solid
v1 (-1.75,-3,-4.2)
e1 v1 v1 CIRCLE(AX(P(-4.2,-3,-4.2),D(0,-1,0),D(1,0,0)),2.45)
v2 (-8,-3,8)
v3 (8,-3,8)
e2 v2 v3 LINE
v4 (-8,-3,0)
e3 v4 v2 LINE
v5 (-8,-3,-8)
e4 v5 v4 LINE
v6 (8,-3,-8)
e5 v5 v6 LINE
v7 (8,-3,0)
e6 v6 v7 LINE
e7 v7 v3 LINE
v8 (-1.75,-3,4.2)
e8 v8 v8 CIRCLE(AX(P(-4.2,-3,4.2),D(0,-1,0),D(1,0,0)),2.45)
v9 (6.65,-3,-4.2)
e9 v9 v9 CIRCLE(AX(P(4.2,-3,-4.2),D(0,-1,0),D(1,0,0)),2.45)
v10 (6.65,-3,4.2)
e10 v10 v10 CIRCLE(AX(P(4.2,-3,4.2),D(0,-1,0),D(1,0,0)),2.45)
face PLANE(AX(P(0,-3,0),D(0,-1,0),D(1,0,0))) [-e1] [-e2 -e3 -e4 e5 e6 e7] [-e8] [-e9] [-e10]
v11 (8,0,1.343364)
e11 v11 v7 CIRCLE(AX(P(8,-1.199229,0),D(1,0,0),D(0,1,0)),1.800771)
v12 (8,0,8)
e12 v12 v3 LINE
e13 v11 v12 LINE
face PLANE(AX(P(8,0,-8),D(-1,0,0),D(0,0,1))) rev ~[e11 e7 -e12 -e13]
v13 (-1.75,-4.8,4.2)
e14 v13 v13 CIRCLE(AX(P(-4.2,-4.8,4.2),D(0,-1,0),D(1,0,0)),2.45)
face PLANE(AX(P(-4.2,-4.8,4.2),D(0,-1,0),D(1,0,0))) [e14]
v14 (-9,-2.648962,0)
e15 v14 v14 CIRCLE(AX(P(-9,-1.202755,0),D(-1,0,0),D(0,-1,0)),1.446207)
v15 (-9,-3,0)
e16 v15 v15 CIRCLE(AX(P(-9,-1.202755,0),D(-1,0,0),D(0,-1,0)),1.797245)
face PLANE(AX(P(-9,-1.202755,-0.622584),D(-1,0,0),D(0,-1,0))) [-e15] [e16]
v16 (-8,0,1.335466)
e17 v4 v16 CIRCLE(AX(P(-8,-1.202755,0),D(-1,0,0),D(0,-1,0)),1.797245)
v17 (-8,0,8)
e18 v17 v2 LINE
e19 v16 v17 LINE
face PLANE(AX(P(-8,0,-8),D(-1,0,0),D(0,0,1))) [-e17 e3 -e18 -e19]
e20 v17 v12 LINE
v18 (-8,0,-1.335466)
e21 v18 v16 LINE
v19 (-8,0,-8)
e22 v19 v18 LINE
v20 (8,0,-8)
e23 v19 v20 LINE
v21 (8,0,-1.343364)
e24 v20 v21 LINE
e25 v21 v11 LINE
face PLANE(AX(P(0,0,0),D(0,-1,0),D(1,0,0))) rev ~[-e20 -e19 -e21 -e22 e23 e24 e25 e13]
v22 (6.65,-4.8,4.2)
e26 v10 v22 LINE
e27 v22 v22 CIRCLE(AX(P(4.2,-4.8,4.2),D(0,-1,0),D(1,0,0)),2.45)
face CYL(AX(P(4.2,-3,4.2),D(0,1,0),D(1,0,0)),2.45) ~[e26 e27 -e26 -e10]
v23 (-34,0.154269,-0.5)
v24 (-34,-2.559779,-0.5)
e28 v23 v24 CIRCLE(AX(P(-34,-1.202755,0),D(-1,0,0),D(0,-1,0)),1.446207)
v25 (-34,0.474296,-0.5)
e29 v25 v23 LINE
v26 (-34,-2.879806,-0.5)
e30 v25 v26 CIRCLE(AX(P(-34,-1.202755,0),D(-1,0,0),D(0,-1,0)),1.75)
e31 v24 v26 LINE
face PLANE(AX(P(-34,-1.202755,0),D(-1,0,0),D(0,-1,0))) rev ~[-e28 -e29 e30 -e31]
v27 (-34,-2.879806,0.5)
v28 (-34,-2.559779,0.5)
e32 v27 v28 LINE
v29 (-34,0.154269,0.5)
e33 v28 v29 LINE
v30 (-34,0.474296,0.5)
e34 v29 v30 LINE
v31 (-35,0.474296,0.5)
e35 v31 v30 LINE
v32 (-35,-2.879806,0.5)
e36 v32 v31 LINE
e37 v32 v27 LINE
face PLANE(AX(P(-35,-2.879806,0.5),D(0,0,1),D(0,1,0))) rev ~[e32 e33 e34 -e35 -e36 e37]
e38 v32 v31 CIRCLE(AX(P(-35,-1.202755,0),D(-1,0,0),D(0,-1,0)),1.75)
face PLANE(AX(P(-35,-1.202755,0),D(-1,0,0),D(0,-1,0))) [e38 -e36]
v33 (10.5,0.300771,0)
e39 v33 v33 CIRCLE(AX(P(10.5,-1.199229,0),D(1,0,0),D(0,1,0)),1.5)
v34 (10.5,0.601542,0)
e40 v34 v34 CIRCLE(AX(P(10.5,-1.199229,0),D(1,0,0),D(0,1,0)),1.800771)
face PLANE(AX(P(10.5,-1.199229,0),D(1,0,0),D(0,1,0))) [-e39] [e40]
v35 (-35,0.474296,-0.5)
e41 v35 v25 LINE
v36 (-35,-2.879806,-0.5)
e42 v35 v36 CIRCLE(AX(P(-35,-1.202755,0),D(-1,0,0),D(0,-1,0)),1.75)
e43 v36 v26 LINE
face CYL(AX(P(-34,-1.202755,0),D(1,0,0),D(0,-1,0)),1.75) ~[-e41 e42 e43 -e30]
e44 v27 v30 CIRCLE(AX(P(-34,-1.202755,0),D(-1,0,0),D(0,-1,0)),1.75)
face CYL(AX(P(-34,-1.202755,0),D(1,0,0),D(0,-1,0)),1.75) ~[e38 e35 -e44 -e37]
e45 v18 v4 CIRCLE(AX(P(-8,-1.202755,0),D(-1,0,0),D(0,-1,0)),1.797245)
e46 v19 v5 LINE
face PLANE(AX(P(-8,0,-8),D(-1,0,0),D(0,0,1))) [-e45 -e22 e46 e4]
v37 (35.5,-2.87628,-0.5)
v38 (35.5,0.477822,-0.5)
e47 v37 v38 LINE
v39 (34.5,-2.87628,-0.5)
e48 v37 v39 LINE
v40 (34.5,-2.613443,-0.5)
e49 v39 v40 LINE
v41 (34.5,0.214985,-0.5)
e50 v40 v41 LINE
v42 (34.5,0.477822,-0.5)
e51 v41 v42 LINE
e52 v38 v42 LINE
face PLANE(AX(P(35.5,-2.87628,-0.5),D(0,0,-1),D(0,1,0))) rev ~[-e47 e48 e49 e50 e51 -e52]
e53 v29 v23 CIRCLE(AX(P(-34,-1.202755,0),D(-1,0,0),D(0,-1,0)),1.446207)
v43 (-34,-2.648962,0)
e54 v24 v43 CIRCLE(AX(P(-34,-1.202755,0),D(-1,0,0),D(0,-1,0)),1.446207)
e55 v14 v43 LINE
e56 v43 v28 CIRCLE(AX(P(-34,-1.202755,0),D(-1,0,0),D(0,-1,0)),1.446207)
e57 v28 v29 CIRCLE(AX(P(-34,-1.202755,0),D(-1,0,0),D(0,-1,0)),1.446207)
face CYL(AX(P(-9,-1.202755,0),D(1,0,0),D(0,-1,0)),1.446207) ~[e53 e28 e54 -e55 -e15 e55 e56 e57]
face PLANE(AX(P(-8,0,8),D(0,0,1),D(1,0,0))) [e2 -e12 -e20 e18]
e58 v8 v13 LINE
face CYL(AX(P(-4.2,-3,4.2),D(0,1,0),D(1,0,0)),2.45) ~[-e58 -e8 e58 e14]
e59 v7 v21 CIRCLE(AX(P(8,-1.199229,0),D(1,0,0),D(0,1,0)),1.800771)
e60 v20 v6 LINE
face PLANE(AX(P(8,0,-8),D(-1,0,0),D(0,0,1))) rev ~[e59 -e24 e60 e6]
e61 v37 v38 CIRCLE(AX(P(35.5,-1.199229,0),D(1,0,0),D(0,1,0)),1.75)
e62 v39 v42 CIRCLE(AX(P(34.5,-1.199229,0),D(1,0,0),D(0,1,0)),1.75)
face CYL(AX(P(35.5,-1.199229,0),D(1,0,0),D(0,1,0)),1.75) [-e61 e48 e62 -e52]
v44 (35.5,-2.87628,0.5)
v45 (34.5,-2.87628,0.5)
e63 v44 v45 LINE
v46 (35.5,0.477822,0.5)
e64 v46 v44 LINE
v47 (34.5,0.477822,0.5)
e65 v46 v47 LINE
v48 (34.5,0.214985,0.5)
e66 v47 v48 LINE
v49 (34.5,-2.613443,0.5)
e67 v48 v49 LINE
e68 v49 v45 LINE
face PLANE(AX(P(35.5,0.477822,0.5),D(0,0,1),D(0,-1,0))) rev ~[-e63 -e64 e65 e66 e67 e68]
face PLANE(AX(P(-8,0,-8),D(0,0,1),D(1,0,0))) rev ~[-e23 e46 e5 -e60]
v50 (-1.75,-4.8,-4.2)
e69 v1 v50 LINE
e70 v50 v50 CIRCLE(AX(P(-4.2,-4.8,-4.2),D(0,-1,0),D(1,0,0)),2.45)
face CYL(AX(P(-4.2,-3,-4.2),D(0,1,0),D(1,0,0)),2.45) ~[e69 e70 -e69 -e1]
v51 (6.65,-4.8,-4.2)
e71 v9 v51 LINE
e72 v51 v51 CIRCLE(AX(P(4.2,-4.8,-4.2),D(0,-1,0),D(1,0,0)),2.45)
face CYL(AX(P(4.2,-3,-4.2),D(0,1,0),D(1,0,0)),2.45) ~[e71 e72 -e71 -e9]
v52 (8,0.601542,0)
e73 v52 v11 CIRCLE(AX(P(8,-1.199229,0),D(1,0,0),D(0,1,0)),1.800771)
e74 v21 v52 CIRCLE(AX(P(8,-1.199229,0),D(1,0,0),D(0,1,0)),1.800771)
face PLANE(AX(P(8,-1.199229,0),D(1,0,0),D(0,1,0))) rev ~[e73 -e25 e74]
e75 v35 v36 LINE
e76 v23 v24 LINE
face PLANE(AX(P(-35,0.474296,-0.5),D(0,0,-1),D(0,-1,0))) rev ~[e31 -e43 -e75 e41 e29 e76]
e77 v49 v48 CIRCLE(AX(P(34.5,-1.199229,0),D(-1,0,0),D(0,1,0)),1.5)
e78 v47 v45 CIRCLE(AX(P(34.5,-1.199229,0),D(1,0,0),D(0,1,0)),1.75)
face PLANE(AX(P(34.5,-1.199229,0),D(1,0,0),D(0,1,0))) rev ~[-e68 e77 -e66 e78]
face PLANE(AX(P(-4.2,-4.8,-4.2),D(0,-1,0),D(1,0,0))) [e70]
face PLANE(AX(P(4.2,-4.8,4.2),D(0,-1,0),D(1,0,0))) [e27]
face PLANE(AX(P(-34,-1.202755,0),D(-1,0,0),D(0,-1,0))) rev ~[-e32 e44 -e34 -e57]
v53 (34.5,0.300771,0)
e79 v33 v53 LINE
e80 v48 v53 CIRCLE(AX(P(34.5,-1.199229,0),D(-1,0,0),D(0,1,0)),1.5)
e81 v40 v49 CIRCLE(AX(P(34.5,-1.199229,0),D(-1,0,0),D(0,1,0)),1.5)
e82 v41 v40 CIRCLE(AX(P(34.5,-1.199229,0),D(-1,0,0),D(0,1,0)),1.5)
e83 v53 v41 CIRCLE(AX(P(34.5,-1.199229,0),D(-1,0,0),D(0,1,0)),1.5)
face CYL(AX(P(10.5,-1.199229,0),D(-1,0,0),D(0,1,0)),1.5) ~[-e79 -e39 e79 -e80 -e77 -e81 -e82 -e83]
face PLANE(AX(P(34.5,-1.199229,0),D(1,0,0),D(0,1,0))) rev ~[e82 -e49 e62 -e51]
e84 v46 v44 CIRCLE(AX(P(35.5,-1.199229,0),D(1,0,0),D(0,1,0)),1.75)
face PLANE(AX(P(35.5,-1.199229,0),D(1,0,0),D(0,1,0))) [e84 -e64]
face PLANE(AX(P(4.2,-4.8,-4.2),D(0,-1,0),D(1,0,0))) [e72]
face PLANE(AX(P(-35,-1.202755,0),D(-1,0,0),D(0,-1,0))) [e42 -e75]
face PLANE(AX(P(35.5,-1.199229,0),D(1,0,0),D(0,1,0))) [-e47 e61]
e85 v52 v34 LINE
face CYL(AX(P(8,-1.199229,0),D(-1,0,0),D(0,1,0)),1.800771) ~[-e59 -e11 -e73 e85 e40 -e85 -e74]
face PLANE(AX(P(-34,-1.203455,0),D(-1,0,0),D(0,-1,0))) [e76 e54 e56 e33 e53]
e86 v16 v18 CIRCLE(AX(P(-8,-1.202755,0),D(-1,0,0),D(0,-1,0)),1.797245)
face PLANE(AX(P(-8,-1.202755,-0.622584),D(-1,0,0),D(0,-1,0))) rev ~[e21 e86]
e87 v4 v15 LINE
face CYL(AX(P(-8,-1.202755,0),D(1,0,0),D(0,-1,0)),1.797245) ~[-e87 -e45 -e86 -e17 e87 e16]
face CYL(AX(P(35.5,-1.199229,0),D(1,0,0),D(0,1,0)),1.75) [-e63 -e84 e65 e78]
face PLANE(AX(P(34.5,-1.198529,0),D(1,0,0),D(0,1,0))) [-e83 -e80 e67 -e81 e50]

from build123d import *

# Parameters (mm, degrees)
F0_W      = 16
F0_H      = 16
F1_DEPTH  = 3
F2_R      = 2.45
F3_DEPTH  = 1.8
F4_R      = 1.800771
F5_DEPTH  = 2.5
F6_R      = 1.5
F7_DEPTH  = 25
F8_R      = 1.75
F9_DEPTH  = 1
F11_DEPTH = 1
F13_DEPTH = 1
F14_R     = 1.446207
F15_DEPTH = 25
F16_R     = 1.75
F17_DEPTH = 1
F19_DEPTH = 1


with BuildPart() as f1:
    # F0 (on Front) → F1 (new body)
    with BuildSketch(Plane.XZ):
        Rectangle(F0_W, F0_H)
    extrude(amount=F1_DEPTH)

    # F2 (on face) → F3 (join)
    with BuildSketch(Plane.XZ.offset(3)):
        with Locations((-4.2, 4.2)):
            Circle(F2_R)
        with Locations((4.2, 4.2)):
            Circle(F2_R)
        with Locations((-4.2, -4.2)):
            Circle(F2_R)
        with Locations((4.2, -4.2)):
            Circle(F2_R)
    extrude(amount=F3_DEPTH)

    # F4 (on face) → F5 (join)
    with BuildSketch(Plane.YZ.offset(8)):
        with Locations((-1.199229, 0)):
            Circle(F4_R)
    extrude(amount=F5_DEPTH)

    # F6 (on face) → F7 (join)
    with BuildSketch(Plane.YZ.offset(10.5)):
        with Locations((-1.199229, 0)):
            Circle(F6_R)
    extrude(amount=F7_DEPTH)

    # F8 (on face) → F9 (join)
    with BuildSketch(Plane.YZ.offset(35.5)):
        with Locations((-1.199229, 0)):
            Circle(F8_R)
    extrude(amount=-F9_DEPTH)

    # F10 (on face) → F11 (cut)
    with BuildSketch(Plane.YZ.offset(35.5)):
        with BuildLine():
            Line((0.477822, 0.5), (-2.87628, 0.5))
            ThreePointArc((-2.87628, 0.5), (-2.949229, 0), (-2.87628, -0.5))
            Line((-2.87628, -0.5), (0.477822, -0.5))
            ThreePointArc((0.477822, -0.5), (0.532437, -0.252647), (0.550771, 0))
            ThreePointArc((0.550771, 0), (0.532437, 0.252647), (0.477822, 0.5))
        make_face()
    extrude(amount=-F11_DEPTH, mode=Mode.SUBTRACT)

    # F12 (on face) → F13 (join)
    with BuildSketch(Plane(origin=(-8, 0, 0), x_dir=(0, -1, 0), z_dir=(-1, 0, 0))):
        with BuildLine():
            ThreePointArc((-0.59449, 0), (1.202755, -1.797245), (3, 0))
            Line((3, 0), (-0.59449, 0))
        make_face()
        with BuildLine():
            Line((-0.59449, 0), (3, 0))
            ThreePointArc((3, 0), (1.202755, 1.797245), (-0.59449, 0))
        make_face()
    extrude(amount=F13_DEPTH)

    # F14 (on face) → F15 (join)
    with BuildSketch(Plane(origin=(-9, 0, 0), x_dir=(0, -1, 0), z_dir=(-1, 0, 0))):
        with Locations((1.202755, 0)):
            Circle(F14_R)
    extrude(amount=F15_DEPTH)

    # F16 (on face) → F17 (join)
    with BuildSketch(Plane(origin=(-34, 0, 0), x_dir=(0, -1, 0), z_dir=(-1, 0, 0))):
        with Locations((1.202755, 0)):
            Circle(F16_R)
    extrude(amount=F17_DEPTH)

    # F18 (on face) → F19 (cut)
    with BuildSketch(Plane(origin=(-35, 0, 0), x_dir=(0, -1, 0), z_dir=(-1, 0, 0))):
        with BuildLine():
            Line((2.879806, 0.5), (-0.474296, 0.5))
            ThreePointArc((-0.474296, 0.5), (-0.547245, 0), (-0.474296, -0.5))
            Line((-0.474296, -0.5), (2.879806, -0.5))
            ThreePointArc((2.879806, -0.5), (2.934422, -0.252647), (2.952755, 0))
            ThreePointArc((2.952755, 0), (2.934422, 0.252647), (2.879806, 0.5))
        make_face()
    extrude(amount=-F19_DEPTH, mode=Mode.SUBTRACT)


solid = f1.part
